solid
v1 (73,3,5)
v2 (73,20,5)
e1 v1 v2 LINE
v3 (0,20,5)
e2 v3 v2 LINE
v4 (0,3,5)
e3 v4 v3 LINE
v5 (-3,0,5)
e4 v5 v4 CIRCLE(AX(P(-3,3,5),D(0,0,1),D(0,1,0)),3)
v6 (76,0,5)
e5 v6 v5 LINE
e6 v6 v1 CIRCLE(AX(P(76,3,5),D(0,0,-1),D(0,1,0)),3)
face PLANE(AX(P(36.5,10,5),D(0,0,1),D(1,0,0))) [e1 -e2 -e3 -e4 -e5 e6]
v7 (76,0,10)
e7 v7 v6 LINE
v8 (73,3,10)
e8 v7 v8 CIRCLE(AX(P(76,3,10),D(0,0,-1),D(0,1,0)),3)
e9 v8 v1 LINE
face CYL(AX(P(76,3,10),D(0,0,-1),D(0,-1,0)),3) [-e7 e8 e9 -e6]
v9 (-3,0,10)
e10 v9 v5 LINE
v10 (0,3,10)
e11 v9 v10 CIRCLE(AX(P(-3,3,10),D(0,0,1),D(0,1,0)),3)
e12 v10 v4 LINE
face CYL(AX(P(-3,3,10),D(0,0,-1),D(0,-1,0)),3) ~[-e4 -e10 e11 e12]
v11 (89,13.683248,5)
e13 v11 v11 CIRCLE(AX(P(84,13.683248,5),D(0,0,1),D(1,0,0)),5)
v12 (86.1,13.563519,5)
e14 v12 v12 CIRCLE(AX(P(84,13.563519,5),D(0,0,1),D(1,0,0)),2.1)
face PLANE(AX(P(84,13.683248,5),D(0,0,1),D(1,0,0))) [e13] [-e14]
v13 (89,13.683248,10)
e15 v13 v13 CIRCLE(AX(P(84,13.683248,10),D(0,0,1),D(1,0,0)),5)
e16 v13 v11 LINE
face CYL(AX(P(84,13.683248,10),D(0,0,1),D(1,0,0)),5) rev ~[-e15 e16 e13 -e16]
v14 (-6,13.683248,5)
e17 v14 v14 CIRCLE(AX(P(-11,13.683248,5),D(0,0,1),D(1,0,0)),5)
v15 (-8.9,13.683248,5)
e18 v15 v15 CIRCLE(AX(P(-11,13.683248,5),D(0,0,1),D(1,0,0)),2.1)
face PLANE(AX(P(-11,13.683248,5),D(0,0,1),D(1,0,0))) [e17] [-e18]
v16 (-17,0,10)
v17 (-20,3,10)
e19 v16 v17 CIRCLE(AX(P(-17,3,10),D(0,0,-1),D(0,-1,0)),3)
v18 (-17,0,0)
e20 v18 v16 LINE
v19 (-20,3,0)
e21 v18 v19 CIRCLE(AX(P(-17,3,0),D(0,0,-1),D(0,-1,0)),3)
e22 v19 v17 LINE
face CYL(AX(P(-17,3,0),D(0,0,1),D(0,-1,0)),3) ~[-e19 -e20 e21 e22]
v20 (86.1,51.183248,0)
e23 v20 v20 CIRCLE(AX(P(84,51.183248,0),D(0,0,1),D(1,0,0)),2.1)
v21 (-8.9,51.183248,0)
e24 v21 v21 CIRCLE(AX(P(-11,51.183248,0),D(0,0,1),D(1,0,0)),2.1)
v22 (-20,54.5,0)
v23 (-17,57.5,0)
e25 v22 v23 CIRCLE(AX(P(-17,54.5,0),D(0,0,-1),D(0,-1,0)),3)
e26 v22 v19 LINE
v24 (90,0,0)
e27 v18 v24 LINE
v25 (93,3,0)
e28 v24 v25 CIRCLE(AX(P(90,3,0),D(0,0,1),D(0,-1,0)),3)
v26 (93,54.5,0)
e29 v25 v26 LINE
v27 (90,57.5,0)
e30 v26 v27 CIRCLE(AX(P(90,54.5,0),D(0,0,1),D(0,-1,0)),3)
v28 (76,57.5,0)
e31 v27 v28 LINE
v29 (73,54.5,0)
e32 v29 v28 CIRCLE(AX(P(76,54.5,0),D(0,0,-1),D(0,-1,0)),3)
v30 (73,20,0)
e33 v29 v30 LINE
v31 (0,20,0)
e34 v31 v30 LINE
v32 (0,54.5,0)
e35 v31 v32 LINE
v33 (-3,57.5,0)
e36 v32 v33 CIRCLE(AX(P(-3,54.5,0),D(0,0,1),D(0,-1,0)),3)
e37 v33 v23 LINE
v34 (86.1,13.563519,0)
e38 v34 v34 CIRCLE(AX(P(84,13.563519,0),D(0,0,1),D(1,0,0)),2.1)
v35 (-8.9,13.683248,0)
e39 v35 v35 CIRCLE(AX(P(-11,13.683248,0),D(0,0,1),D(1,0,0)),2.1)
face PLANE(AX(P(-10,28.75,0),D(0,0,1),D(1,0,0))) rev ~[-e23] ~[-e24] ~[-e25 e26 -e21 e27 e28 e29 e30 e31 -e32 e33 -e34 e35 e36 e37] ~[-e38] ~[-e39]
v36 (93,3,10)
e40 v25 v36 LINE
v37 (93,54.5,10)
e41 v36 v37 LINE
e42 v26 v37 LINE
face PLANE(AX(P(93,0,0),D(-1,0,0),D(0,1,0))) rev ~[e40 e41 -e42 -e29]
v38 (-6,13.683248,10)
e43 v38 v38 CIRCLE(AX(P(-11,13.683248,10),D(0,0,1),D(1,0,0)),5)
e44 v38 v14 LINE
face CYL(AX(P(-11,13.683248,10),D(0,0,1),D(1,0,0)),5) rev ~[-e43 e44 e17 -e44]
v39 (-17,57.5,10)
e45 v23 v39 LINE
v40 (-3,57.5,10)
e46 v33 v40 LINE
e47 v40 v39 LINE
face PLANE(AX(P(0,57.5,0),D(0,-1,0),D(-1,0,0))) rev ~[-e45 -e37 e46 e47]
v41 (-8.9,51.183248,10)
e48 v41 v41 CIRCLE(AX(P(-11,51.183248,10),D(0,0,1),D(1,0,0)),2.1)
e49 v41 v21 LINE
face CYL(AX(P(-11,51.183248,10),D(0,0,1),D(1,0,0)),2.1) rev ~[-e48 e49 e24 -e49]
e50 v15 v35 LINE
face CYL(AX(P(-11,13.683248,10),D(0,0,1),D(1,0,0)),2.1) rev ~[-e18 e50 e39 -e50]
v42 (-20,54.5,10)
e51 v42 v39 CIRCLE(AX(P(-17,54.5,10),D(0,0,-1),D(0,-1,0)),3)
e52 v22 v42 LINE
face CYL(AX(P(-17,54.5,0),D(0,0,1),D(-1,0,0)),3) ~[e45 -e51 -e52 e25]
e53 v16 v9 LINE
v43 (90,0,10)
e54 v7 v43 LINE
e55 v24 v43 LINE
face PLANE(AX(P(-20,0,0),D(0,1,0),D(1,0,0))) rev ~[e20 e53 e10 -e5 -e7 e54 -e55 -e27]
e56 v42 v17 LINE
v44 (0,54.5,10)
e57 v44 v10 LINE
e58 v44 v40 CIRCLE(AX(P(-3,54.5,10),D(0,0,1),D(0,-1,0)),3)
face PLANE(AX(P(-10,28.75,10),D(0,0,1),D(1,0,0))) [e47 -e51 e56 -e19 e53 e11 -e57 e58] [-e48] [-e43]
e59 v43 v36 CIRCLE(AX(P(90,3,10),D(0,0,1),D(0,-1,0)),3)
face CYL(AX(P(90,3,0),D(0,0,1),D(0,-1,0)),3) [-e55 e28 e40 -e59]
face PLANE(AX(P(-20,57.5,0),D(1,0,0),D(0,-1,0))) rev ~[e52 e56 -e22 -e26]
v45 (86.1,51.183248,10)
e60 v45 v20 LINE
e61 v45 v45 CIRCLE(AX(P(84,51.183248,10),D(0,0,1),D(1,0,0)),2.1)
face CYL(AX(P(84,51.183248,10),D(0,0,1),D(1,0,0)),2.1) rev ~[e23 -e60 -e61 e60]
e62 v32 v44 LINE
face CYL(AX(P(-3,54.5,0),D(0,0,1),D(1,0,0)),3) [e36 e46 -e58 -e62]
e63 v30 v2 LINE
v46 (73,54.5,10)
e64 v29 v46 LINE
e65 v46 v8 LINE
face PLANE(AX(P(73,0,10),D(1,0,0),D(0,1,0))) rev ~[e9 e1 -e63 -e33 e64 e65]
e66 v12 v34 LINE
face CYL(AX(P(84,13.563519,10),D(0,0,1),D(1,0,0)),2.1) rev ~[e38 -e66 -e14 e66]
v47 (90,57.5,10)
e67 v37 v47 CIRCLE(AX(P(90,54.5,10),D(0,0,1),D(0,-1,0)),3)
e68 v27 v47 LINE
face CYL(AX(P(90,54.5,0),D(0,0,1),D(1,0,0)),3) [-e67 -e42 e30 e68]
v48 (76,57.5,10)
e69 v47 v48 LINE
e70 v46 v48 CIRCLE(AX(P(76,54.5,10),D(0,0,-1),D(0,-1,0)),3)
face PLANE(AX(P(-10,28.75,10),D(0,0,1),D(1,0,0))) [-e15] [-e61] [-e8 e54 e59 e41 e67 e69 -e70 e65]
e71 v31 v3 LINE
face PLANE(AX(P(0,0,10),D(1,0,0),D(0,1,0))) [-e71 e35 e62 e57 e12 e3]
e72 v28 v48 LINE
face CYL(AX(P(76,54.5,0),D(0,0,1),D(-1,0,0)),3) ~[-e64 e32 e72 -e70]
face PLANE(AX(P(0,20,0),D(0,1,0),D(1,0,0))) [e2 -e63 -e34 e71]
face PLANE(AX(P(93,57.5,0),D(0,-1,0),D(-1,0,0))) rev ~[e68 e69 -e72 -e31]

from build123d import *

# Parameters (mm, degrees)
F0_W     = 73
F0_H     = 20
F1_DEPTH = 10
F2_W     = 73
F2_H     = 20
F3_DEPTH = 5
F4_R     = 2.1
F5_DEPTH = 10.001
F6_R     = 5
F6_R_2   = 2.1
F7_DEPTH = 5
F8_R     = 3


with BuildPart() as f1:
    # F0 (on Top) → F1 (new body)
    with BuildSketch(Plane.XY):
        Polygon((-20, 0), (0, 0), (0, 20), (0, 57.5), (-20, 57.5), align=None)
        with Locations((36.5, 10)):
            Rectangle(F0_W, F0_H)
        Polygon((73, 20), (73, 0), (93, 0), (93, 57.5), (73, 57.5), align=None)
    extrude(amount=F1_DEPTH)

    # F2 (on face) → F3 (cut)
    with BuildSketch(Plane.XY.offset(10)):
        with Locations((36.5, 10)):
            Rectangle(F2_W, F2_H)
    extrude(amount=-F3_DEPTH, mode=Mode.SUBTRACT)

    # F4 (on face) → F5 (cut, through all)
    with BuildSketch(Plane.XY.offset(10)):
        with Locations((-11, 13.6832475166)):
            Circle(F4_R)
        with Locations((84, 13.563519451)):
            Circle(F4_R)
        with Locations((-11, 51.1832475166)):
            Circle(F4_R)
        with Locations((84, 51.1832475166)):
            Circle(F4_R)
    extrude(amount=-F5_DEPTH, mode=Mode.SUBTRACT)

    # F6 (on face) → F7 (cut)
    with BuildSketch(Plane.XY.offset(10)):
        with Locations((-11, 13.6832475166)):
            Circle(F6_R)
        with Locations((-11, 13.6832475166)):
            Circle(F6_R_2, mode=Mode.SUBTRACT)
        with Locations((84, 13.6832475166)):
            Circle(F6_R)
    extrude(amount=-F7_DEPTH, mode=Mode.SUBTRACT)

    # F8
    f8_edges = [f1.edges().sort_by_distance(p)[0] for p in [
        (-20, 57.5, 5),
        (0, 57.5, 5),
        (73, 57.5, 5),
        (93, 57.5, 5),
        (-20, 0, 5),
        (93, 0, 5),
        (0, 0, 7.5),
        (73, 0, 7.5),
    ]]
    fillet(f8_edges, radius=F8_R)


solid = f1.part
